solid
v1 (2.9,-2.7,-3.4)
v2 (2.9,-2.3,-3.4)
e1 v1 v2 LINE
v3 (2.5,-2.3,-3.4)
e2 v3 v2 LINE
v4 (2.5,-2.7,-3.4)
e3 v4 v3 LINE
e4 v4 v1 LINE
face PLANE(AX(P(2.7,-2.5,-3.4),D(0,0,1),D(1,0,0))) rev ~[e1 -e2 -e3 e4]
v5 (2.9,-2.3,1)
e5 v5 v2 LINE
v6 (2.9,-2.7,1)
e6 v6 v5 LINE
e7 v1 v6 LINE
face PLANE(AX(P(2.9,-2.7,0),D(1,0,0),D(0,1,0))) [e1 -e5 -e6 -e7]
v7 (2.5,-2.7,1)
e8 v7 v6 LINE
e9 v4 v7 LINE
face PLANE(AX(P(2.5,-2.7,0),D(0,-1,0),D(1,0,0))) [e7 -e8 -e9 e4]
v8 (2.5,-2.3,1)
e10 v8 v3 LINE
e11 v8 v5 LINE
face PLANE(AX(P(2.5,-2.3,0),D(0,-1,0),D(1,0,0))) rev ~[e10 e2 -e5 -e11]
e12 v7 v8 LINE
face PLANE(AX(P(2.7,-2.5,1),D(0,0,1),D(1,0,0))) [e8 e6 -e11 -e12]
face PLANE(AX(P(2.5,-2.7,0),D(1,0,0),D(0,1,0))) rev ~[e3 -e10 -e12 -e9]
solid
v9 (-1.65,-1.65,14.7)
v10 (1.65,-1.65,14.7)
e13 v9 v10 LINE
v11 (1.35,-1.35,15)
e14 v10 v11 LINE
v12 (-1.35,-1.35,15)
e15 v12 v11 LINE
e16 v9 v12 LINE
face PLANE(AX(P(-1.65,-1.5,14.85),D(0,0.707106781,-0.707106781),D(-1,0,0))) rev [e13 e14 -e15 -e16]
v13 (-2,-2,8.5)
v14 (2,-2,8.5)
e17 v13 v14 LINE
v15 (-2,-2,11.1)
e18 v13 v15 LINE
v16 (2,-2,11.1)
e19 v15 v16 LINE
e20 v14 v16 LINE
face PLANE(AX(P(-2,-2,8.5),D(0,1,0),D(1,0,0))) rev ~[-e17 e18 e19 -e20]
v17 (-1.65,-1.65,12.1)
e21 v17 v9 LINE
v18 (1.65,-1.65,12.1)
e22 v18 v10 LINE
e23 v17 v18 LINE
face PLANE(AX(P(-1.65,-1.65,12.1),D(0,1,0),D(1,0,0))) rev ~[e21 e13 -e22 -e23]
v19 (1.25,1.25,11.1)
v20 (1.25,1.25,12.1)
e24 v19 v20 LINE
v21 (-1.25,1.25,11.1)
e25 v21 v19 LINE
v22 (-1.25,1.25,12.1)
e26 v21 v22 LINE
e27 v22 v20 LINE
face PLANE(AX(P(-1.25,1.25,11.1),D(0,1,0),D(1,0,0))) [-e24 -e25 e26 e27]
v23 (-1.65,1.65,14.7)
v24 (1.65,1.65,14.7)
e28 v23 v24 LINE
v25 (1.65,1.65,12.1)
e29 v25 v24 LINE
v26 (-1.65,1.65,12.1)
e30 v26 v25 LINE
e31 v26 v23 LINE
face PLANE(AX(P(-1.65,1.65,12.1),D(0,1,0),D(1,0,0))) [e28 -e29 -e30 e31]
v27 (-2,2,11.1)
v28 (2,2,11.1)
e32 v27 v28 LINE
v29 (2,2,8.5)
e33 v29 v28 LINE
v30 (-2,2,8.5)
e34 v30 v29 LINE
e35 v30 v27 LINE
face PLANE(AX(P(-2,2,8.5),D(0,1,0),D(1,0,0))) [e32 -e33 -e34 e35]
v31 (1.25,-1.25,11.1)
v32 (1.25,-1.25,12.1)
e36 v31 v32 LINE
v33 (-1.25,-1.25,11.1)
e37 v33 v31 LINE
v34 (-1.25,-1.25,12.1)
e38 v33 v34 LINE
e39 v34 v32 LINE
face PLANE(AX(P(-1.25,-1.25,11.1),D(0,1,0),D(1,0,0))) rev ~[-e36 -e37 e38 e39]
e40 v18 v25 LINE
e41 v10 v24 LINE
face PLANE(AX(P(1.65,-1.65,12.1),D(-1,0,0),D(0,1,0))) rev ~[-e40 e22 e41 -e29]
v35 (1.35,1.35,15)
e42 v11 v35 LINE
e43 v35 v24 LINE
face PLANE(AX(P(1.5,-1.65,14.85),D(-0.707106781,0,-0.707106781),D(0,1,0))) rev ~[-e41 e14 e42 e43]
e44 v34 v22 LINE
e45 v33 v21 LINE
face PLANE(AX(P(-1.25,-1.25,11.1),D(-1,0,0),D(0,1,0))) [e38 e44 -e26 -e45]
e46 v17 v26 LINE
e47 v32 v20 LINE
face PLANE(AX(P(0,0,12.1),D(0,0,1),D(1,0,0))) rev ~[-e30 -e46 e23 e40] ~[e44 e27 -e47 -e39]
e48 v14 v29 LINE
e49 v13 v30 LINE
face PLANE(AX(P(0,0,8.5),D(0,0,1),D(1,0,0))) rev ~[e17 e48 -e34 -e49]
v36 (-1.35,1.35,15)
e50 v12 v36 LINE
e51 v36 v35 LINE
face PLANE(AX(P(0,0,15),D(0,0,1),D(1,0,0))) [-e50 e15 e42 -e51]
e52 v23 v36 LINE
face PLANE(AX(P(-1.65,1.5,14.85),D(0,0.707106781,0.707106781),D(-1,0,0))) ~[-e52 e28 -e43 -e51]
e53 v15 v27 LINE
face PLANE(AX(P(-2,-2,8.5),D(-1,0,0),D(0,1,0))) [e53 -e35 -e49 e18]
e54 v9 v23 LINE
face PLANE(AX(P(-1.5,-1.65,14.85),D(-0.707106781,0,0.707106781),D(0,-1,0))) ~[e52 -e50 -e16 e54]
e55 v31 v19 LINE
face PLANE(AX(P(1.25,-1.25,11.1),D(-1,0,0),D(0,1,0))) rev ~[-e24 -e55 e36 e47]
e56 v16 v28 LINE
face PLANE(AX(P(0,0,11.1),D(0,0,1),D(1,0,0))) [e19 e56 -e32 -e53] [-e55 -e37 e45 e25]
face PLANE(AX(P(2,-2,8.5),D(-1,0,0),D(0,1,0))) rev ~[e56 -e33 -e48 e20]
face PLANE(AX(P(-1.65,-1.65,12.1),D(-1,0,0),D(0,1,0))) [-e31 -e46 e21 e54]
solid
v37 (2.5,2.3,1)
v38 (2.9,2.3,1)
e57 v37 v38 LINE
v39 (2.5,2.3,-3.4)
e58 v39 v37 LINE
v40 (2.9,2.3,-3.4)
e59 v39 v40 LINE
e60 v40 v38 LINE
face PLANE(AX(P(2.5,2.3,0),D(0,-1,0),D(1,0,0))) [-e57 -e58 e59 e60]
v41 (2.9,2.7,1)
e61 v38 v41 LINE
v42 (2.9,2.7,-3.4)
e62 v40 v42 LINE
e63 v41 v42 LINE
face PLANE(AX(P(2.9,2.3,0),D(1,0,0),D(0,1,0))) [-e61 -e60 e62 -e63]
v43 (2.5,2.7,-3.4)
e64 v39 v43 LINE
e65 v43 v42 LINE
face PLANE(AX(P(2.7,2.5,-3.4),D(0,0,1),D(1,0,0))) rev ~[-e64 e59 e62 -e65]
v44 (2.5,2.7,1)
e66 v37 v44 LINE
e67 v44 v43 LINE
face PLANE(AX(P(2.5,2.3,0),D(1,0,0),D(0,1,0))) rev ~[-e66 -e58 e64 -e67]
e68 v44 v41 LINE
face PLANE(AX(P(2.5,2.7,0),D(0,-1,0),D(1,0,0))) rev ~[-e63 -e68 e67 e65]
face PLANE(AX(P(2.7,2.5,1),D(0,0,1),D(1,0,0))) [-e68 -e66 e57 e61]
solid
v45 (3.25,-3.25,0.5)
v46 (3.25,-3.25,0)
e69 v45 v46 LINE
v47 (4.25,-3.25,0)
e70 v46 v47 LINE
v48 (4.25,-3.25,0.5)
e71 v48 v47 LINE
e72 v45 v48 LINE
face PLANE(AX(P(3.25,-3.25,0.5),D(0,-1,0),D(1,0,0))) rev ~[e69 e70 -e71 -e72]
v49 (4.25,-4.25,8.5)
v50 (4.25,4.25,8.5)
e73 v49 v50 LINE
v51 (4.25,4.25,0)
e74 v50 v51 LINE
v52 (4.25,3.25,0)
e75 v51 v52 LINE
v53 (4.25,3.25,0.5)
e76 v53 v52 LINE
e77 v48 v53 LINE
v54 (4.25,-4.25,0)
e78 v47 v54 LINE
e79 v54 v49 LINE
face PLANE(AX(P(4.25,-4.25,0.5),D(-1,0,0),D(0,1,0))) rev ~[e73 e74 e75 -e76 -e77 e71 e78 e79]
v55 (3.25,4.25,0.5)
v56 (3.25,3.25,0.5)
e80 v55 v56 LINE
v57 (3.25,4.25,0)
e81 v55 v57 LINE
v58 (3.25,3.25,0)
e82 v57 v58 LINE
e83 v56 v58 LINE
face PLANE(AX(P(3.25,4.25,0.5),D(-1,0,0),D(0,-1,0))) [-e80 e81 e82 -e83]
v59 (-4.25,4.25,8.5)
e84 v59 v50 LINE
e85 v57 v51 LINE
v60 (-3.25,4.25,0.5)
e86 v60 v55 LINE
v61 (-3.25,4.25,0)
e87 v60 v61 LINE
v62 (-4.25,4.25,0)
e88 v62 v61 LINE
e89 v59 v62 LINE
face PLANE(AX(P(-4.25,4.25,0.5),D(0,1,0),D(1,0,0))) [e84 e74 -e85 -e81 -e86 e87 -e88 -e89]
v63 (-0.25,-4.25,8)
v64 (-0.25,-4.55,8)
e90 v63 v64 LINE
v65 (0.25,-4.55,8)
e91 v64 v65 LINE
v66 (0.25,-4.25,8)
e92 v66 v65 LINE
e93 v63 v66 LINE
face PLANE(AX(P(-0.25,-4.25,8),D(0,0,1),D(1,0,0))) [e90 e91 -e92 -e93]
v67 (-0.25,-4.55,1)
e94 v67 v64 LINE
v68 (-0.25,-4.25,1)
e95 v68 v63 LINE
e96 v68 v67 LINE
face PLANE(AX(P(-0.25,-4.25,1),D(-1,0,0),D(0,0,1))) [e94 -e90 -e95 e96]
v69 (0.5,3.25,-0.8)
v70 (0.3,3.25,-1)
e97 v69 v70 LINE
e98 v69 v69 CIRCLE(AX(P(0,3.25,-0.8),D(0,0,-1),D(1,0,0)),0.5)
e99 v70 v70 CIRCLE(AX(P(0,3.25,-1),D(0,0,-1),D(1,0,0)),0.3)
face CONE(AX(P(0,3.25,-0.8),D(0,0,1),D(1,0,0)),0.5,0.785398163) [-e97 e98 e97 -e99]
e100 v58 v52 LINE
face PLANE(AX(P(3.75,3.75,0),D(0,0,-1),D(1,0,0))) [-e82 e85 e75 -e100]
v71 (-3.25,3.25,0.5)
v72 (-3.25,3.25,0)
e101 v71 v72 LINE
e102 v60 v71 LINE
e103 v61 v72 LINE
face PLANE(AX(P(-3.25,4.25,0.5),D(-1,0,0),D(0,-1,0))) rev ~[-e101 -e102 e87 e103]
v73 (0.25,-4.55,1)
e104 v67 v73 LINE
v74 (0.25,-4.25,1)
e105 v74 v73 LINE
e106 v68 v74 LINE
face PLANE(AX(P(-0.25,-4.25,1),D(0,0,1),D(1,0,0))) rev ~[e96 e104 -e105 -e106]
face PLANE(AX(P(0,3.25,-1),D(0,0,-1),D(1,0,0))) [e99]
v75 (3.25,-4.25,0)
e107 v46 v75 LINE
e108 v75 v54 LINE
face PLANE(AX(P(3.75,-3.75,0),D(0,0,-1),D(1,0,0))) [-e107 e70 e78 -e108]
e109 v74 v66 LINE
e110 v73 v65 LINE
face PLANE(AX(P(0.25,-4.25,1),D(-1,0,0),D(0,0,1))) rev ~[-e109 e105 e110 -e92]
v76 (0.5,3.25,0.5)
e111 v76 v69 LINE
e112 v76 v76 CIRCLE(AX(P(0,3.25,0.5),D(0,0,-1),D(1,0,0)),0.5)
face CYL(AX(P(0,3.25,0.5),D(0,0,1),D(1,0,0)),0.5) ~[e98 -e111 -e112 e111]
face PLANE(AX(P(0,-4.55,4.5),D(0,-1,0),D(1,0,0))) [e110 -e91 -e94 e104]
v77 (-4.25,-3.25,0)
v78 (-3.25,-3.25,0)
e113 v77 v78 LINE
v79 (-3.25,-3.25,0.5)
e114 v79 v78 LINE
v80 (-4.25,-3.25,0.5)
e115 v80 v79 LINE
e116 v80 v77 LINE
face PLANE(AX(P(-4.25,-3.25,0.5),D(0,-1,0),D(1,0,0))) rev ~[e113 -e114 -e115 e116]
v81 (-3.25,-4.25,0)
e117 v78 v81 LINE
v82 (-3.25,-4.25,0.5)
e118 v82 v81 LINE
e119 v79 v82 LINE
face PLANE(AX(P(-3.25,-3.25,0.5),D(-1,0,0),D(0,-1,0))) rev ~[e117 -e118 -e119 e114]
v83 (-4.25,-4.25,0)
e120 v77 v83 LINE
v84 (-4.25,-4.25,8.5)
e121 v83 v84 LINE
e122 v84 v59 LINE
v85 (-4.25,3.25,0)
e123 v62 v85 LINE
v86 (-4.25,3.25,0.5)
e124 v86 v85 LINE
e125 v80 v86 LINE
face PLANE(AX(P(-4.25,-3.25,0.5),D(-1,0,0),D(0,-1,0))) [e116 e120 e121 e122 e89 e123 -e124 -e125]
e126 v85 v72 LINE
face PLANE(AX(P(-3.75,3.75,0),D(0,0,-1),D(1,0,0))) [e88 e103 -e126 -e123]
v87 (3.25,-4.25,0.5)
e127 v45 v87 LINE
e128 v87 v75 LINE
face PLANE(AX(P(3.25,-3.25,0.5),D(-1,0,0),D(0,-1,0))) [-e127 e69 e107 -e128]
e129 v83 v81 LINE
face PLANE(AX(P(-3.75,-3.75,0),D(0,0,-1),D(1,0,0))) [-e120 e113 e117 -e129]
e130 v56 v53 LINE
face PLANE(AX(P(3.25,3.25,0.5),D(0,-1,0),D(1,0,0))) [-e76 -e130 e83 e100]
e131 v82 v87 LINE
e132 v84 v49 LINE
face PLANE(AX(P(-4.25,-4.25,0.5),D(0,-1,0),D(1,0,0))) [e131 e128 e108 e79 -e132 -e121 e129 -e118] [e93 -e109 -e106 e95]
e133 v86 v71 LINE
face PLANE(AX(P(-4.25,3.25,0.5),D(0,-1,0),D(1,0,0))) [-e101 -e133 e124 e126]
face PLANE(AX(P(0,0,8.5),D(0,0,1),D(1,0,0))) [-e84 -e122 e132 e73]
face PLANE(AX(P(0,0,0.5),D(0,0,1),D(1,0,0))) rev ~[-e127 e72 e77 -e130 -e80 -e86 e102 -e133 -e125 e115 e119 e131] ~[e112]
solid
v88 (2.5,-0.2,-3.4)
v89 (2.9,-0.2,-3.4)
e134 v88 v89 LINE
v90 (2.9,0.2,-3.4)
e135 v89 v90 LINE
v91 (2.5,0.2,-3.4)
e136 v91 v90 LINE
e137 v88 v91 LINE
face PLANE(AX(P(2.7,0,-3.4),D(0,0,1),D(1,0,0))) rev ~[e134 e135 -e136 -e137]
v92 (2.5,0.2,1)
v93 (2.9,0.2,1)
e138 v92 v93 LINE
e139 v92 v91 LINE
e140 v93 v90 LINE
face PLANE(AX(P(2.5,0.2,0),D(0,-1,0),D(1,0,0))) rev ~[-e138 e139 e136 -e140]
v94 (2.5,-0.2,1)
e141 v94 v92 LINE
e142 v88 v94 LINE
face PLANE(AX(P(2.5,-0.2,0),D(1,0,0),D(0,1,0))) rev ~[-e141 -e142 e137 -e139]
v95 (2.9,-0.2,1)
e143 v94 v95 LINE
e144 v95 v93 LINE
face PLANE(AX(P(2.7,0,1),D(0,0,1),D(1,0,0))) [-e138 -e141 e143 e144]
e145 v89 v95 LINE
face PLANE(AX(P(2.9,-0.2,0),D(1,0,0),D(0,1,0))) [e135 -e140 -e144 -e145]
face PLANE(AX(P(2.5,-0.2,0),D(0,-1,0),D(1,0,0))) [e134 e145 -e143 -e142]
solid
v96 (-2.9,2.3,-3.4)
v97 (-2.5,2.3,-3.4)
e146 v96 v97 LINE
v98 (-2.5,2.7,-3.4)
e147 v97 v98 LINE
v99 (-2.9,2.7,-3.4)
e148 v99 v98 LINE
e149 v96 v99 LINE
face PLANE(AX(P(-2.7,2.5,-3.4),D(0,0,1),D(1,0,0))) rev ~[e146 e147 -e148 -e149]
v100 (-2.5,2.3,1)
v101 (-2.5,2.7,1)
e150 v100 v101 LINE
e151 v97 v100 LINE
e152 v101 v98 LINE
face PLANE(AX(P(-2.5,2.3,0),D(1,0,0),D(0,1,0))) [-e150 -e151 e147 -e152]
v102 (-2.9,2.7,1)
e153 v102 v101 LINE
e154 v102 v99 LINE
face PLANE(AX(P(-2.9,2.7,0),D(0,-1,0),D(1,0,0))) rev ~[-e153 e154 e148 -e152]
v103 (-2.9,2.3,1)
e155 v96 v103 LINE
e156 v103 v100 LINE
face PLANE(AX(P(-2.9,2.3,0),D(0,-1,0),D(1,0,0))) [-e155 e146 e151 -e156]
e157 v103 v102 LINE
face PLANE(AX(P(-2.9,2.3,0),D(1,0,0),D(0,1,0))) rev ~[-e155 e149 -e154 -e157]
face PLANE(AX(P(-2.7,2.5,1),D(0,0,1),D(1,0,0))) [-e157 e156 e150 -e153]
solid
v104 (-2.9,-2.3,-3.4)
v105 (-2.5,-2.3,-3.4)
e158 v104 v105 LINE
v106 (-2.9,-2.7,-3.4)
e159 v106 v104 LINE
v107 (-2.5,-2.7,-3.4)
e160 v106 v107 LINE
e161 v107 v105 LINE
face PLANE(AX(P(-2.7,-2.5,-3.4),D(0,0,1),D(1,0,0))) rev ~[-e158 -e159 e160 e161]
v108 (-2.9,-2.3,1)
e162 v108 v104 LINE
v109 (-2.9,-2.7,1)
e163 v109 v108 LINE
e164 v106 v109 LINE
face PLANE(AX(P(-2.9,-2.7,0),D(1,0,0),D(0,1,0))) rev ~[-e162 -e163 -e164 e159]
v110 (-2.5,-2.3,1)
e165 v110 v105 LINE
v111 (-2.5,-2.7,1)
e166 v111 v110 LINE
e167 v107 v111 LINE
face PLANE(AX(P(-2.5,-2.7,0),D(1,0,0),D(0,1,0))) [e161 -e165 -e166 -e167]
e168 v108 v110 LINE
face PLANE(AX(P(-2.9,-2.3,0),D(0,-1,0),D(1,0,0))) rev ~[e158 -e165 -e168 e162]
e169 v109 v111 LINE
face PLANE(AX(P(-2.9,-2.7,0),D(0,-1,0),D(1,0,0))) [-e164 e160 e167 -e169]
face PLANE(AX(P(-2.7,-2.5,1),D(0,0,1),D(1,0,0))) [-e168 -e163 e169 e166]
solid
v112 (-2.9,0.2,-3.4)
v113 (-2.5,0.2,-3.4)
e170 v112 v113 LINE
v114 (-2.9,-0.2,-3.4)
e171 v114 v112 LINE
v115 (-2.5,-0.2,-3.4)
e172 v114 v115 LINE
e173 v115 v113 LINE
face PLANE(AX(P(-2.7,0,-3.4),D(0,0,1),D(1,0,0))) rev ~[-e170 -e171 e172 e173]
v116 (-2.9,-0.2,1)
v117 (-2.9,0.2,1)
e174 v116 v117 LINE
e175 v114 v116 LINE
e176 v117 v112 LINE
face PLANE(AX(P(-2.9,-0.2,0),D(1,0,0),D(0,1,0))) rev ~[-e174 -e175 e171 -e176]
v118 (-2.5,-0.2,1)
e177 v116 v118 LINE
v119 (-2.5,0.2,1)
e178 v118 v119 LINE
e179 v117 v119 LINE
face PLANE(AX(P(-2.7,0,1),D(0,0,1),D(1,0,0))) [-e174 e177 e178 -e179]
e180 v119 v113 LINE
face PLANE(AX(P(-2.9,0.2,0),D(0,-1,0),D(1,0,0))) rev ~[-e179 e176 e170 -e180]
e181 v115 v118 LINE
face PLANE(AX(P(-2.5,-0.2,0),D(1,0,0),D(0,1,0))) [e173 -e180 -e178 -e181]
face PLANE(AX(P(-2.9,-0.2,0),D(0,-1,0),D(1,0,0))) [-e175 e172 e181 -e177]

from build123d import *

# Parameters (mm, degrees)
F0_W          = 0.4
F0_H          = 0.4
F1_DEPTH      = 1
F1_DEPTH_BACK = 3.4
F3_START      = 0.5
F2_W          = 8.5
F2_H          = 8.5
F3_DEPTH      = 8
F4_W          = 1
F4_H          = 1
F5_DEPTH      = 0.5
F6_W          = 0.5
F6_H          = 7
F7_DEPTH      = 0.3
F8_R          = 0.5
F9_DEPTH      = 1.5
F10_SIZE      = 0.2
F11_W         = 4
F11_H         = 4
F12_DEPTH     = 2.6
F13_W         = 2.5
F13_H         = 2.5
F14_DEPTH     = 1
F15_W         = 3.3
F15_H         = 3.3
F16_DEPTH     = 2.9
F17_SIZE2     = 0.3
F17_SIZE      = 0.3


with BuildPart() as f1:
    # F0 (on Top) → F1 (new body, two sides)
    with BuildSketch(Plane.XY) as f1_sk:
        with Locations((-2.7, -2.5)):
            Rectangle(F0_W, F0_H)
    extrude(amount=F1_DEPTH)
    extrude(f1_sk.sketch, amount=-F1_DEPTH_BACK)


with BuildPart() as f1b:
    # F0 (on Top) → F1, piece 2 (new body, two sides)
    with BuildSketch(Plane.XY) as f1_2_sk:
        with Locations((-2.7, 0)):
            Rectangle(F0_W, F0_H)
    extrude(amount=F1_DEPTH)
    extrude(f1_2_sk.sketch, amount=-F1_DEPTH_BACK)


with BuildPart() as f1c:
    # F0 (on Top) → F1, piece 3 (new body, two sides)
    with BuildSketch(Plane.XY) as f1_3_sk:
        with Locations((-2.7, 2.5)):
            Rectangle(F0_W, F0_H)
    extrude(amount=F1_DEPTH)
    extrude(f1_3_sk.sketch, amount=-F1_DEPTH_BACK)


with BuildPart() as f1d:
    # F0 (on Top) → F1, piece 4 (new body, two sides)
    with BuildSketch(Plane.XY) as f1_4_sk:
        with Locations((2.7, 2.5)):
            Rectangle(F0_W, F0_H)
    extrude(amount=F1_DEPTH)
    extrude(f1_4_sk.sketch, amount=-F1_DEPTH_BACK)


with BuildPart() as f1e:
    # F0 (on Top) → F1, piece 5 (new body, two sides)
    with BuildSketch(Plane.XY) as f1_5_sk:
        with Locations((2.7, 0)):
            Rectangle(F0_W, F0_H)
    extrude(amount=F1_DEPTH)
    extrude(f1_5_sk.sketch, amount=-F1_DEPTH_BACK)


with BuildPart() as f1f:
    # F0 (on Top) → F1, piece 6 (new body, two sides)
    with BuildSketch(Plane.XY) as f1_6_sk:
        with Locations((2.7, -2.5)):
            Rectangle(F0_W, F0_H)
    extrude(amount=F1_DEPTH)
    extrude(f1_6_sk.sketch, amount=-F1_DEPTH_BACK)


with BuildPart() as f3:
    # F2 (on Top) → F3 (new body)
    with BuildSketch(Plane.XY.offset(F3_START)):
        Rectangle(F2_W, F2_H)
    extrude(amount=F3_DEPTH)

    # F4 (on face) → F5 (join)
    with BuildSketch(Plane(origin=(0, 0, 0.5), x_dir=(1, 0, 0), z_dir=(0, 0, -1))):
        with Locations((-3.75, 3.75)):
            Rectangle(F4_W, F4_H)
        with Locations((3.75, 3.75)):
            Rectangle(F4_W, F4_H)
        with Locations((3.75, -3.75)):
            Rectangle(F4_W, F4_H)
        with Locations((-3.75, -3.75)):
            Rectangle(F4_W, F4_H)
    extrude(amount=F5_DEPTH)

    # F6 (on face) → F7 (join)
    with BuildSketch(Plane.XZ.offset(4.25)):
        with Locations((0, 4.5)):
            Rectangle(F6_W, F6_H)
    extrude(amount=F7_DEPTH)

    # F8 (on face) → F9 (join)
    with BuildSketch(Plane(origin=(0, 0, 0.5), x_dir=(1, 0, 0), z_dir=(0, 0, -1))):
        with Locations((0, -3.25)):
            Circle(F8_R)
    extrude(amount=F9_DEPTH)

    # F10
    f10_edges = [f3.edges().sort_by_distance(p)[0] for p in [
        (-0.5, 3.25, -1),
    ]]
    chamfer(f10_edges, length=F10_SIZE)


with BuildPart() as f12:
    # F11 (on face) → F12 (new body)
    with BuildSketch(Plane.XY.offset(8.5)):
        Rectangle(F11_W, F11_H)
    extrude(amount=F12_DEPTH)

    # F13 (on face) → F14 (join)
    with BuildSketch(Plane.XY.offset(11.1)):
        Rectangle(F13_W, F13_H)
    extrude(amount=F14_DEPTH)

    # F15 (on face) → F16 (join)
    with BuildSketch(Plane.XY.offset(12.1)):
        Rectangle(F15_W, F15_H)
    extrude(amount=F16_DEPTH)

    # F17
    f17_edges = [f12.edges().sort_by_distance(p)[0] for p in [
        (-1.65, 0, 15),
        (0, -1.65, 15),
        (1.65, 0, 15),
        (0, 1.65, 15),
    ]]
    chamfer(f17_edges, length=F17_SIZE, length2=F17_SIZE2)


solid = Compound([f1.part, f1b.part, f1c.part, f1d.part, f1e.part, f1f.part, f3.part, f12.part])
